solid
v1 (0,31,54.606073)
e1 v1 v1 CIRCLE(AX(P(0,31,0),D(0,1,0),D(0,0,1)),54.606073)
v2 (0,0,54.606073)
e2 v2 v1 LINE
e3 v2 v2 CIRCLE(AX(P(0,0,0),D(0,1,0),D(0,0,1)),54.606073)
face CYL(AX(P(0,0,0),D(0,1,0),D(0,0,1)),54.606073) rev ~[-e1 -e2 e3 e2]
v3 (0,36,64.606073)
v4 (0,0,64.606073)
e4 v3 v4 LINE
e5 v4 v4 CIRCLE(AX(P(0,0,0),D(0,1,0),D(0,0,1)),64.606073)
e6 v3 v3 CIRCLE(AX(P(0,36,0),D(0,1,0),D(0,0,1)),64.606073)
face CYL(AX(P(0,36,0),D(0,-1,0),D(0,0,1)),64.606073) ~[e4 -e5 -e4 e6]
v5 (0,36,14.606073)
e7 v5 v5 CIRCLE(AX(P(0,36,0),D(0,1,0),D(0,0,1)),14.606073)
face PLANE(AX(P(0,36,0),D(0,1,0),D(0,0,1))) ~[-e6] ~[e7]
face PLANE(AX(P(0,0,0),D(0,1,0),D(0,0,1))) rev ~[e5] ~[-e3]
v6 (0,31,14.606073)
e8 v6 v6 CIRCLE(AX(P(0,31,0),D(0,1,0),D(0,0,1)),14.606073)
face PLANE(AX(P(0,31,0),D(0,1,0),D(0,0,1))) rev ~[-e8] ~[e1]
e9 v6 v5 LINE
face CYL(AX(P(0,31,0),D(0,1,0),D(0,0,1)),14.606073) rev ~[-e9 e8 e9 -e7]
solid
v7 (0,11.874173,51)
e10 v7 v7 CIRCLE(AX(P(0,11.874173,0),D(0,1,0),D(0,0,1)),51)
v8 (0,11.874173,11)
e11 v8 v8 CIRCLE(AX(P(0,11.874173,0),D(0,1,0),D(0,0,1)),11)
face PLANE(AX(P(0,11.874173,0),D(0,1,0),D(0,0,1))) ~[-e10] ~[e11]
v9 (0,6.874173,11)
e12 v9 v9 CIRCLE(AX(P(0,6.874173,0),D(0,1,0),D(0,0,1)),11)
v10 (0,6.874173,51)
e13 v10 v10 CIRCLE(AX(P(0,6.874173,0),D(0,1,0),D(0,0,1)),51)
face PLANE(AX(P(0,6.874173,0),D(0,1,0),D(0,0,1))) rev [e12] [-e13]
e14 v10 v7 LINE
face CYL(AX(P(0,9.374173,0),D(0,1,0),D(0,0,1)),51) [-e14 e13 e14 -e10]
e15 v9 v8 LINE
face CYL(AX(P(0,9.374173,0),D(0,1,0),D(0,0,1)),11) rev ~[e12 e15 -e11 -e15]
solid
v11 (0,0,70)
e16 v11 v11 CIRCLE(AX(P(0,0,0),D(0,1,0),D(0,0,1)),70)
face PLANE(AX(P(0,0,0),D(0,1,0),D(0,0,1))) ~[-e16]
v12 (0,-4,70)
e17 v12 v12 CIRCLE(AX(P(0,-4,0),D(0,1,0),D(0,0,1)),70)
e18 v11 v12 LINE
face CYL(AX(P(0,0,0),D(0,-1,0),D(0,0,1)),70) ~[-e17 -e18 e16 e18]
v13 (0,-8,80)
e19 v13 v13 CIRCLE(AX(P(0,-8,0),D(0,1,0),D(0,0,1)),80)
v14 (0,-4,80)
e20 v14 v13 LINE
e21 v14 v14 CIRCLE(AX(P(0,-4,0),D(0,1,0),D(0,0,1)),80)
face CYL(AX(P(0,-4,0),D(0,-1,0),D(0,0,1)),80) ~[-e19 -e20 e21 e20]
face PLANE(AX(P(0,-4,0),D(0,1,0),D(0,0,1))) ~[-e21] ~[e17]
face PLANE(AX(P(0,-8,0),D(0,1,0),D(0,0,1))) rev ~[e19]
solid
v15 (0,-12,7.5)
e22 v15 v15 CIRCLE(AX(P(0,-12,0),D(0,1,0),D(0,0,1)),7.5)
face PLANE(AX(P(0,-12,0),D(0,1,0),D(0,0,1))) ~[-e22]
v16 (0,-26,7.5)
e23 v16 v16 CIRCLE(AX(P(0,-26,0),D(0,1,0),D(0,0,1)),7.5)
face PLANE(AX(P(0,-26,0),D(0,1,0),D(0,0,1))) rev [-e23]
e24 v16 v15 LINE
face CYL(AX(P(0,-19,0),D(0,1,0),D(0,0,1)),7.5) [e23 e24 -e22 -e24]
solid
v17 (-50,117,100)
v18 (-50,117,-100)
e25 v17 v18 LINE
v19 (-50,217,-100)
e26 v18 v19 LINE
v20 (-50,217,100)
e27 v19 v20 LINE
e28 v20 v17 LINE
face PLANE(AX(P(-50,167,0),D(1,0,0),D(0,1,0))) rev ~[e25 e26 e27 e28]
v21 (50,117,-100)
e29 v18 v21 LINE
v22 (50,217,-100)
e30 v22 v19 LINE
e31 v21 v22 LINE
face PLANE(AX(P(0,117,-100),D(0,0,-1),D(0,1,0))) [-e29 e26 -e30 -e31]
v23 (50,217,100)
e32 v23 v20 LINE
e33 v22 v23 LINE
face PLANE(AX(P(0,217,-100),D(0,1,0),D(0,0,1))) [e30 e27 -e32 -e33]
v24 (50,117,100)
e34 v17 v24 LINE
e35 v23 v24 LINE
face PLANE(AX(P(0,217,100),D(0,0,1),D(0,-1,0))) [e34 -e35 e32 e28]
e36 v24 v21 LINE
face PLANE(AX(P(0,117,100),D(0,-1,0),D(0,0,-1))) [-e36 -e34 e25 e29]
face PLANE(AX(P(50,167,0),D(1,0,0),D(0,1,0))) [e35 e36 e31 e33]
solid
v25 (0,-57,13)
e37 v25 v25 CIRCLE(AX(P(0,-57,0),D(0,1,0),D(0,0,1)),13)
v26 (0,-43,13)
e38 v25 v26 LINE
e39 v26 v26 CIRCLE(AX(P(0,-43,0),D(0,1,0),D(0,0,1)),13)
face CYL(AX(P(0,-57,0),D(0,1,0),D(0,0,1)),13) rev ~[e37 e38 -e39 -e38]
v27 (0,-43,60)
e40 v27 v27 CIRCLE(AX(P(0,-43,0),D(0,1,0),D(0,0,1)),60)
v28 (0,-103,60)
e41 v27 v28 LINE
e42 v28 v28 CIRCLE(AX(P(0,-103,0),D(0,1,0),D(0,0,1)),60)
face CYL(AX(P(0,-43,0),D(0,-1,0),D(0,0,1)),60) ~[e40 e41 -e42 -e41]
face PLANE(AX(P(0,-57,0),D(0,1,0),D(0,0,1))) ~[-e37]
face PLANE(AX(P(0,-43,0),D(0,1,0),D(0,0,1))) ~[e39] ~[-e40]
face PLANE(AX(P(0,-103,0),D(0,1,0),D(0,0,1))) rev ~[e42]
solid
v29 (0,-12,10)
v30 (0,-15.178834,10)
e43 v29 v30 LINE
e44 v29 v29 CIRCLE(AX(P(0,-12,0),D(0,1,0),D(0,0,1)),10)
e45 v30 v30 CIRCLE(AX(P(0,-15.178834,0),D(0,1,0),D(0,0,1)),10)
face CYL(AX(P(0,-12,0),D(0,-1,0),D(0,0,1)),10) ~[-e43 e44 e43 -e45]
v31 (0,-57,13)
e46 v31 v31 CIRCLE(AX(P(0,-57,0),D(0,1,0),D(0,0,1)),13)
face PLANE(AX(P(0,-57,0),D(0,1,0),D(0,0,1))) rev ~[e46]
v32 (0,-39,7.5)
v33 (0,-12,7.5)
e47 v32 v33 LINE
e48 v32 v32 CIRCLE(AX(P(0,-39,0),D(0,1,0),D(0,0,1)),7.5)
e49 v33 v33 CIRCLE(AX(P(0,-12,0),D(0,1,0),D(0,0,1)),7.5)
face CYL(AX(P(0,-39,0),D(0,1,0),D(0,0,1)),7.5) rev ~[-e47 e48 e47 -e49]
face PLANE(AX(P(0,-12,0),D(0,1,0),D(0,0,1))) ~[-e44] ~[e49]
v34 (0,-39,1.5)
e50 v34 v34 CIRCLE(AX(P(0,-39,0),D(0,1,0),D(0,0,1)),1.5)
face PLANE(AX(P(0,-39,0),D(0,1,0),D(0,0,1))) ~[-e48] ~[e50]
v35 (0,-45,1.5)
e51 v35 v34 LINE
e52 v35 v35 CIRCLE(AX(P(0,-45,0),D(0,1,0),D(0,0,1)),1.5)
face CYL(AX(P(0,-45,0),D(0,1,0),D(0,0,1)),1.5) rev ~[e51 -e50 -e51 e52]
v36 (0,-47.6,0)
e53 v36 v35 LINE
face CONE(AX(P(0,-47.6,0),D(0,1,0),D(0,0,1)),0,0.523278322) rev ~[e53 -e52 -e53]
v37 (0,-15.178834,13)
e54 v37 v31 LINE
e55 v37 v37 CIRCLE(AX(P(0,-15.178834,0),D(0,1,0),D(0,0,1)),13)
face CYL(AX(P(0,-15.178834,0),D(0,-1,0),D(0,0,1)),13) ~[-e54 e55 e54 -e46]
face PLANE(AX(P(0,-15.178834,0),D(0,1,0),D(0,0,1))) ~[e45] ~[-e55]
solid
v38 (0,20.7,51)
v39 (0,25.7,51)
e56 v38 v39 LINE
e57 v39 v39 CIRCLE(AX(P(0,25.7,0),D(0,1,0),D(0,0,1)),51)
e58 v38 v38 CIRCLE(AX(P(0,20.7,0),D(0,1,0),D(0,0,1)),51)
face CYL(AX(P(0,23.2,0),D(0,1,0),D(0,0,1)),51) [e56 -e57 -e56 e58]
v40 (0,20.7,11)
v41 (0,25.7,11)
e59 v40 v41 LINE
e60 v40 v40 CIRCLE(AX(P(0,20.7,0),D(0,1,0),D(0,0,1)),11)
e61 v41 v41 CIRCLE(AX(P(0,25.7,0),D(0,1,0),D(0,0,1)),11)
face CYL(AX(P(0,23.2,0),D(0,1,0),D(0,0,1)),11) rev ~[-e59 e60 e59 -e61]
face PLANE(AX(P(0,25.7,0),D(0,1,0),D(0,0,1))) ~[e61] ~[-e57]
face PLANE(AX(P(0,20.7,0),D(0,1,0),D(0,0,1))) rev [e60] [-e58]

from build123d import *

# Parameters (mm, degrees)
F1_DEPTH = 50
F0_W     = 14
F0_H     = 7.5
F0_W_2   = 5
F0_H_2   = 40


with BuildPart() as f1:
    # F0 (on Right) → F1 (new body, symmetric)
    with BuildSketch(Plane.YZ):
        Polygon((217, 100), (117, 100), (117, 0), (117, -100), (217, -100), align=None)
    extrude(amount=F1_DEPTH, both=True)


with BuildPart() as f2:
    # F0 (on Right) → F2 (revolve)
    with BuildSketch(Plane.YZ):
        Polygon((0, 64.6060726047), (0, 54.6060726047), (31, 54.6060726047), (31, 14.6060726047), (36, 14.6060726047), (36, 54.6060726047), (36, 64.6060726047), align=None)
    revolve(axis=Axis((0, 11.2299398184, 0), (0, 1, 0)))


with BuildPart() as f3:
    # F0 (on Right) → F3 (revolve)
    with BuildSketch(Plane.YZ):
        Polygon((-8, 0), (0, 0), (0, 54.6060726047), (0, 64.6060726047), (0, 70), (-4, 70), (-4, 80), (-8, 80), align=None)
    revolve(axis=Axis((0, 11.2299398184, 0), (0, 1, 0)))


with BuildPart() as f4:
    # F0 (on Right) → F4 (revolve)
    with BuildSketch(Plane.YZ):
        with Locations((-19, 3.75)):
            Rectangle(F0_W, F0_H)
    revolve(axis=Axis((0, 11.2299398184, 0), (0, 1, 0)))


with BuildPart() as f5:
    # F0 (on Right) → F5 (revolve)
    with BuildSketch(Plane.YZ):
        Polygon((-26, 7.5), (-12, 7.5), (-12, 10), (-15.1788335517, 10), (-15.1788335517, 13), (-43, 13), (-57, 13), (-57, 0), (-47.6, 0), (-45, 1.5), (-39, 1.5), (-39, 7.5), align=None)
    revolve(axis=Axis((0, 11.2299398184, 0), (0, 1, 0)))


with BuildPart() as f6:
    # F0 (on Right) → F6 (revolve)
    with BuildSketch(Plane.YZ):
        Polygon((-103, 0), (-57, 0), (-57, 13), (-43, 13), (-43, 60), (-103, 60), align=None)
    revolve(axis=Axis((0, 11.2299398184, 0), (0, 1, 0)))


with BuildPart() as f7:
    # F0 (on Right) → F7 (revolve)
    with BuildSketch(Plane.YZ):
        with Locations((9.3741726726, 31)):
            Rectangle(F0_W_2, F0_H_2)
    revolve(axis=Axis((0, 11.2299398184, 0), (0, 1, 0)))


with BuildPart() as f8:
    # F0 (on Right) → F8 (revolve)
    with BuildSketch(Plane.YZ):
        with Locations((23.2, 31)):
            Rectangle(F0_W_2, F0_H_2)
    revolve(axis=Axis((0, 11.2299398184, 0), (0, 1, 0)))


solid = Compound([f1.part, f2.part, f3.part, f4.part, f5.part, f6.part, f7.part, f8.part])
